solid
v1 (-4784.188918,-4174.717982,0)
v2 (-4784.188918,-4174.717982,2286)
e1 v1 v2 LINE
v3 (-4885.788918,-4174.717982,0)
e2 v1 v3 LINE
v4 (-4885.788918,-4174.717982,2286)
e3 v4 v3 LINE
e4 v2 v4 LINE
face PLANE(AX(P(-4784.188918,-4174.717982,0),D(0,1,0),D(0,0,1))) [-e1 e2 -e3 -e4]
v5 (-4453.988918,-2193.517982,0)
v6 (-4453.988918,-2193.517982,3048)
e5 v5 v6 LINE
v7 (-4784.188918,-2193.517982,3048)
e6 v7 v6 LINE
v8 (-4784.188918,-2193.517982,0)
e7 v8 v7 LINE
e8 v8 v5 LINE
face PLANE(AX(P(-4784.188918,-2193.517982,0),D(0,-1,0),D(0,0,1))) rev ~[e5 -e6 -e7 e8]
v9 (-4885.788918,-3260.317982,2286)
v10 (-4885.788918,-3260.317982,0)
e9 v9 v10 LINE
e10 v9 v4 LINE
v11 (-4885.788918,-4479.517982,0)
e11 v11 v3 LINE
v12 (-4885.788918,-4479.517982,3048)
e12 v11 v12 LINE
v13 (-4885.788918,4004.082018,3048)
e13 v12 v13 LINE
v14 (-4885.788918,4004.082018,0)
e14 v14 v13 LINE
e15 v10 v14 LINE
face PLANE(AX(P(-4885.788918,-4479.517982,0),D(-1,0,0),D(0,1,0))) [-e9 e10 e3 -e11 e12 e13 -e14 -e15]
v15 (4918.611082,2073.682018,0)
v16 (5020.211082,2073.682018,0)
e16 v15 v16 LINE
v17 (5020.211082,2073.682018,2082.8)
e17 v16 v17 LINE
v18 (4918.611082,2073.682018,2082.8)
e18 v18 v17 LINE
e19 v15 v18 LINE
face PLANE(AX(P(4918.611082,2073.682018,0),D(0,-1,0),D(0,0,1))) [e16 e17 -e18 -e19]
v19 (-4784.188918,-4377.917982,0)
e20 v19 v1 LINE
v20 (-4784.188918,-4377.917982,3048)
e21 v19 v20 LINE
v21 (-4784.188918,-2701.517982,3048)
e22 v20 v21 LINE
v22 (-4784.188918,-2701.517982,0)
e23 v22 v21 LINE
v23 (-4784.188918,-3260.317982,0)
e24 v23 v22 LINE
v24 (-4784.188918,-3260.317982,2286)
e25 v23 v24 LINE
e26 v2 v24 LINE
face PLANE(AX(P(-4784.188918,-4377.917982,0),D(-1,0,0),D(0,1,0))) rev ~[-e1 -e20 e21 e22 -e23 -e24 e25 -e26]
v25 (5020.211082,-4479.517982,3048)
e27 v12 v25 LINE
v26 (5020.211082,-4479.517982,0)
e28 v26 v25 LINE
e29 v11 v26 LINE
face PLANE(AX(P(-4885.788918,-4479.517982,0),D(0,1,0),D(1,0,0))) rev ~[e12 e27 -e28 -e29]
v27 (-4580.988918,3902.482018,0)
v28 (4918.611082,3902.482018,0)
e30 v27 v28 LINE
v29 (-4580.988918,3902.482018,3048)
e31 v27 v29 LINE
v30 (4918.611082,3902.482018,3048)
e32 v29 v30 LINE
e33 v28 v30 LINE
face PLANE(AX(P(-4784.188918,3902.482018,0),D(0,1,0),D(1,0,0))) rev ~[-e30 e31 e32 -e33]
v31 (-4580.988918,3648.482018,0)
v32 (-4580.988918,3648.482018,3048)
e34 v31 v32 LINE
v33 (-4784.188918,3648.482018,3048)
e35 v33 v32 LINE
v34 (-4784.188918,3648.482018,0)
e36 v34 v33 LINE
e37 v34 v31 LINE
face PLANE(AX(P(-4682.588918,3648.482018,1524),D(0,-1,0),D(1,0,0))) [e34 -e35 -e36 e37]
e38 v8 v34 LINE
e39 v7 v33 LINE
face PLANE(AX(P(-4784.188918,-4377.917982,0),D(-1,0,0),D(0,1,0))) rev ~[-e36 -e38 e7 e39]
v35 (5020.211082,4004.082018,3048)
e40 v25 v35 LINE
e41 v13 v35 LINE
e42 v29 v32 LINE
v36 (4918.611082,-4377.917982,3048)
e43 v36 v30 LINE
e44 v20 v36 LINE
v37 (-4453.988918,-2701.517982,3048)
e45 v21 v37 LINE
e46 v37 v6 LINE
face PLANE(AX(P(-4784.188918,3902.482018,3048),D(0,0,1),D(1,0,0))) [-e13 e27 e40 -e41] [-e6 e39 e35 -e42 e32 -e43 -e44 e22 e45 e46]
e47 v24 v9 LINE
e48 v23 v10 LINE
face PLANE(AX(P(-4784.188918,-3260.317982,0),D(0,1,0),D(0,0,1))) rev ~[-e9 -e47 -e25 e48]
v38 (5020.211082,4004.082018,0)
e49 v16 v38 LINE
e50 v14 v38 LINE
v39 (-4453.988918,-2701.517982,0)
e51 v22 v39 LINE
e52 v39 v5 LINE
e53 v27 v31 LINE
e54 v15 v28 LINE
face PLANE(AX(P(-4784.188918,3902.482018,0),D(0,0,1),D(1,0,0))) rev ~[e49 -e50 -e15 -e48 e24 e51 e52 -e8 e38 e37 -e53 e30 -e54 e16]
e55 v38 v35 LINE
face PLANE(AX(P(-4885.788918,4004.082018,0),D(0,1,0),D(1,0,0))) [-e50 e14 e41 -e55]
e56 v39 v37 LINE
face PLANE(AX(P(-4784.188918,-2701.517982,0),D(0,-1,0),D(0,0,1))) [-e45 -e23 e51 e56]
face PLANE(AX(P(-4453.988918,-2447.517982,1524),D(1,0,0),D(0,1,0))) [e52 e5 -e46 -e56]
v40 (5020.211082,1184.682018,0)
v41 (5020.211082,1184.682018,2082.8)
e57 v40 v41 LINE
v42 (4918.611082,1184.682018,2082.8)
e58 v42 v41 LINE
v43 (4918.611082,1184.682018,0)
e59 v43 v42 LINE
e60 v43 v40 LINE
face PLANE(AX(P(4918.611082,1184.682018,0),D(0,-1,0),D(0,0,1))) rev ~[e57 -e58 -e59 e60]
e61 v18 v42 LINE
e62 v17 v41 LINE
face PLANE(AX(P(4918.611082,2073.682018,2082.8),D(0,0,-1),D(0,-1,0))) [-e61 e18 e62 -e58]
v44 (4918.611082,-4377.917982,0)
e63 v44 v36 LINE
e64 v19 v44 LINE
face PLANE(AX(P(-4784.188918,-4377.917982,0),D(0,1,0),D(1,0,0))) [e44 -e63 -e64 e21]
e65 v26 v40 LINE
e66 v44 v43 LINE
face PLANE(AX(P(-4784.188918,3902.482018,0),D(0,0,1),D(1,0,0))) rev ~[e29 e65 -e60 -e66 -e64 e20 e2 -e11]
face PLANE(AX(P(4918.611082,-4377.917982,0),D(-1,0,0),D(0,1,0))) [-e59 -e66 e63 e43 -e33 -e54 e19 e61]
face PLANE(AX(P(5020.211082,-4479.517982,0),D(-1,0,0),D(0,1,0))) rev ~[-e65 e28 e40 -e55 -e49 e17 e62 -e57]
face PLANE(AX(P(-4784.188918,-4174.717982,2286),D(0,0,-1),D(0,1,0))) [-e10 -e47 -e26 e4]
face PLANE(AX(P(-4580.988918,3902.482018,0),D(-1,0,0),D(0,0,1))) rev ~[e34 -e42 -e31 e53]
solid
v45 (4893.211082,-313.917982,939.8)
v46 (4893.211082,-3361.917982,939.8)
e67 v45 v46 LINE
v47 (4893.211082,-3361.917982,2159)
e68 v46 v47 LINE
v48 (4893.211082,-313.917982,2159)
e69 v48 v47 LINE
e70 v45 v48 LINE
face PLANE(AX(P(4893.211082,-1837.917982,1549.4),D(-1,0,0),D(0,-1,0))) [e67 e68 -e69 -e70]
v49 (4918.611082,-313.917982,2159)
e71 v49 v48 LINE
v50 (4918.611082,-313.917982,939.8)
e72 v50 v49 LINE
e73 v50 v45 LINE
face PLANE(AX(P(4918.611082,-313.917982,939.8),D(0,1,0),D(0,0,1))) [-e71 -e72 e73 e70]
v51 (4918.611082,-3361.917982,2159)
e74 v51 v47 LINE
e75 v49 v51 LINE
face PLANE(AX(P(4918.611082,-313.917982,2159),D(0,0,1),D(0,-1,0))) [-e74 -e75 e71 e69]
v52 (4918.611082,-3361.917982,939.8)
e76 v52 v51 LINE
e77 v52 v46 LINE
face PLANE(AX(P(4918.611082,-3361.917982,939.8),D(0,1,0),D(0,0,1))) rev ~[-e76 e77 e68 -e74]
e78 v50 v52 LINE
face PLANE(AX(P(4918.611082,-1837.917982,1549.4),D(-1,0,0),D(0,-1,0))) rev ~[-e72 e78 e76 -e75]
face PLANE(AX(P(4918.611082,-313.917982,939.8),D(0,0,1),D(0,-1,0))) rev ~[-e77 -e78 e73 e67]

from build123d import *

# Parameters (mm, degrees)
F0_W      = 9906
F0_H      = 8483.6
F0_W_2    = 9702.8
F0_H_2    = 8280.4
F1_DEPTH  = 3048
F4_W      = 203.2
F4_H      = 3048
F5_DEPTH  = 254
F6_W      = 914.4
F6_H      = 2286
F7_DEPTH  = 101.601
F8_W      = 508
F8_H      = 3048
F9_DEPTH  = 330.2
F10_W     = 889
F10_H     = 2082.8
F11_DEPTH = 101.601
F12_W     = 3048
F12_H     = 1219.2
F13_DEPTH = 25.4


with BuildPart() as f1:
    # F0 (on Top) → F1 (new body)
    with BuildSketch(Plane.XY):
        with Locations((67.211082, -237.717982)):
            Rectangle(F0_W, F0_H)
        with Locations((67.211082, -237.717982)):
            Rectangle(F0_W_2, F0_H_2, mode=Mode.SUBTRACT)
    extrude(amount=F1_DEPTH)

    # F4 (on face) → F5 (join)
    with BuildSketch(Plane.XZ.offset(-3902.482018)):
        with Locations((-4682.588918, 1524)):
            Rectangle(F4_W, F4_H)
    extrude(amount=F5_DEPTH)

    # F6 (on face) → F7 (cut, through all)
    with BuildSketch(Plane.YZ.offset(-4784.188918)):
        with Locations((-3717.517982, 1143)):
            Rectangle(F6_W, F6_H)
    extrude(amount=-F7_DEPTH, mode=Mode.SUBTRACT)

    # F8 (on face) → F9 (join)
    with BuildSketch(Plane.YZ.offset(-4784.188918)):
        with Locations((-2447.517982, 1524)):
            Rectangle(F8_W, F8_H)
    extrude(amount=F9_DEPTH)

    # F10 (on face) → F11 (cut, through all)
    with BuildSketch(Plane(origin=(4918.611082, 0, 0), x_dir=(0, -1, 0), z_dir=(-1, 0, 0))):
        with Locations((-1629.182018, 1041.4)):
            Rectangle(F10_W, F10_H)
    extrude(amount=-F11_DEPTH, mode=Mode.SUBTRACT)


with BuildPart() as f13:
    # F12 (on face) → F13 (new body)
    with BuildSketch(Plane(origin=(4918.611082, 0, 0), x_dir=(0, -1, 0), z_dir=(-1, 0, 0))):
        with Locations((1837.917982, 1549.4)):
            Rectangle(F12_W, F12_H)
    extrude(amount=F13_DEPTH)


solid = Compound([f1.part, f13.part])
